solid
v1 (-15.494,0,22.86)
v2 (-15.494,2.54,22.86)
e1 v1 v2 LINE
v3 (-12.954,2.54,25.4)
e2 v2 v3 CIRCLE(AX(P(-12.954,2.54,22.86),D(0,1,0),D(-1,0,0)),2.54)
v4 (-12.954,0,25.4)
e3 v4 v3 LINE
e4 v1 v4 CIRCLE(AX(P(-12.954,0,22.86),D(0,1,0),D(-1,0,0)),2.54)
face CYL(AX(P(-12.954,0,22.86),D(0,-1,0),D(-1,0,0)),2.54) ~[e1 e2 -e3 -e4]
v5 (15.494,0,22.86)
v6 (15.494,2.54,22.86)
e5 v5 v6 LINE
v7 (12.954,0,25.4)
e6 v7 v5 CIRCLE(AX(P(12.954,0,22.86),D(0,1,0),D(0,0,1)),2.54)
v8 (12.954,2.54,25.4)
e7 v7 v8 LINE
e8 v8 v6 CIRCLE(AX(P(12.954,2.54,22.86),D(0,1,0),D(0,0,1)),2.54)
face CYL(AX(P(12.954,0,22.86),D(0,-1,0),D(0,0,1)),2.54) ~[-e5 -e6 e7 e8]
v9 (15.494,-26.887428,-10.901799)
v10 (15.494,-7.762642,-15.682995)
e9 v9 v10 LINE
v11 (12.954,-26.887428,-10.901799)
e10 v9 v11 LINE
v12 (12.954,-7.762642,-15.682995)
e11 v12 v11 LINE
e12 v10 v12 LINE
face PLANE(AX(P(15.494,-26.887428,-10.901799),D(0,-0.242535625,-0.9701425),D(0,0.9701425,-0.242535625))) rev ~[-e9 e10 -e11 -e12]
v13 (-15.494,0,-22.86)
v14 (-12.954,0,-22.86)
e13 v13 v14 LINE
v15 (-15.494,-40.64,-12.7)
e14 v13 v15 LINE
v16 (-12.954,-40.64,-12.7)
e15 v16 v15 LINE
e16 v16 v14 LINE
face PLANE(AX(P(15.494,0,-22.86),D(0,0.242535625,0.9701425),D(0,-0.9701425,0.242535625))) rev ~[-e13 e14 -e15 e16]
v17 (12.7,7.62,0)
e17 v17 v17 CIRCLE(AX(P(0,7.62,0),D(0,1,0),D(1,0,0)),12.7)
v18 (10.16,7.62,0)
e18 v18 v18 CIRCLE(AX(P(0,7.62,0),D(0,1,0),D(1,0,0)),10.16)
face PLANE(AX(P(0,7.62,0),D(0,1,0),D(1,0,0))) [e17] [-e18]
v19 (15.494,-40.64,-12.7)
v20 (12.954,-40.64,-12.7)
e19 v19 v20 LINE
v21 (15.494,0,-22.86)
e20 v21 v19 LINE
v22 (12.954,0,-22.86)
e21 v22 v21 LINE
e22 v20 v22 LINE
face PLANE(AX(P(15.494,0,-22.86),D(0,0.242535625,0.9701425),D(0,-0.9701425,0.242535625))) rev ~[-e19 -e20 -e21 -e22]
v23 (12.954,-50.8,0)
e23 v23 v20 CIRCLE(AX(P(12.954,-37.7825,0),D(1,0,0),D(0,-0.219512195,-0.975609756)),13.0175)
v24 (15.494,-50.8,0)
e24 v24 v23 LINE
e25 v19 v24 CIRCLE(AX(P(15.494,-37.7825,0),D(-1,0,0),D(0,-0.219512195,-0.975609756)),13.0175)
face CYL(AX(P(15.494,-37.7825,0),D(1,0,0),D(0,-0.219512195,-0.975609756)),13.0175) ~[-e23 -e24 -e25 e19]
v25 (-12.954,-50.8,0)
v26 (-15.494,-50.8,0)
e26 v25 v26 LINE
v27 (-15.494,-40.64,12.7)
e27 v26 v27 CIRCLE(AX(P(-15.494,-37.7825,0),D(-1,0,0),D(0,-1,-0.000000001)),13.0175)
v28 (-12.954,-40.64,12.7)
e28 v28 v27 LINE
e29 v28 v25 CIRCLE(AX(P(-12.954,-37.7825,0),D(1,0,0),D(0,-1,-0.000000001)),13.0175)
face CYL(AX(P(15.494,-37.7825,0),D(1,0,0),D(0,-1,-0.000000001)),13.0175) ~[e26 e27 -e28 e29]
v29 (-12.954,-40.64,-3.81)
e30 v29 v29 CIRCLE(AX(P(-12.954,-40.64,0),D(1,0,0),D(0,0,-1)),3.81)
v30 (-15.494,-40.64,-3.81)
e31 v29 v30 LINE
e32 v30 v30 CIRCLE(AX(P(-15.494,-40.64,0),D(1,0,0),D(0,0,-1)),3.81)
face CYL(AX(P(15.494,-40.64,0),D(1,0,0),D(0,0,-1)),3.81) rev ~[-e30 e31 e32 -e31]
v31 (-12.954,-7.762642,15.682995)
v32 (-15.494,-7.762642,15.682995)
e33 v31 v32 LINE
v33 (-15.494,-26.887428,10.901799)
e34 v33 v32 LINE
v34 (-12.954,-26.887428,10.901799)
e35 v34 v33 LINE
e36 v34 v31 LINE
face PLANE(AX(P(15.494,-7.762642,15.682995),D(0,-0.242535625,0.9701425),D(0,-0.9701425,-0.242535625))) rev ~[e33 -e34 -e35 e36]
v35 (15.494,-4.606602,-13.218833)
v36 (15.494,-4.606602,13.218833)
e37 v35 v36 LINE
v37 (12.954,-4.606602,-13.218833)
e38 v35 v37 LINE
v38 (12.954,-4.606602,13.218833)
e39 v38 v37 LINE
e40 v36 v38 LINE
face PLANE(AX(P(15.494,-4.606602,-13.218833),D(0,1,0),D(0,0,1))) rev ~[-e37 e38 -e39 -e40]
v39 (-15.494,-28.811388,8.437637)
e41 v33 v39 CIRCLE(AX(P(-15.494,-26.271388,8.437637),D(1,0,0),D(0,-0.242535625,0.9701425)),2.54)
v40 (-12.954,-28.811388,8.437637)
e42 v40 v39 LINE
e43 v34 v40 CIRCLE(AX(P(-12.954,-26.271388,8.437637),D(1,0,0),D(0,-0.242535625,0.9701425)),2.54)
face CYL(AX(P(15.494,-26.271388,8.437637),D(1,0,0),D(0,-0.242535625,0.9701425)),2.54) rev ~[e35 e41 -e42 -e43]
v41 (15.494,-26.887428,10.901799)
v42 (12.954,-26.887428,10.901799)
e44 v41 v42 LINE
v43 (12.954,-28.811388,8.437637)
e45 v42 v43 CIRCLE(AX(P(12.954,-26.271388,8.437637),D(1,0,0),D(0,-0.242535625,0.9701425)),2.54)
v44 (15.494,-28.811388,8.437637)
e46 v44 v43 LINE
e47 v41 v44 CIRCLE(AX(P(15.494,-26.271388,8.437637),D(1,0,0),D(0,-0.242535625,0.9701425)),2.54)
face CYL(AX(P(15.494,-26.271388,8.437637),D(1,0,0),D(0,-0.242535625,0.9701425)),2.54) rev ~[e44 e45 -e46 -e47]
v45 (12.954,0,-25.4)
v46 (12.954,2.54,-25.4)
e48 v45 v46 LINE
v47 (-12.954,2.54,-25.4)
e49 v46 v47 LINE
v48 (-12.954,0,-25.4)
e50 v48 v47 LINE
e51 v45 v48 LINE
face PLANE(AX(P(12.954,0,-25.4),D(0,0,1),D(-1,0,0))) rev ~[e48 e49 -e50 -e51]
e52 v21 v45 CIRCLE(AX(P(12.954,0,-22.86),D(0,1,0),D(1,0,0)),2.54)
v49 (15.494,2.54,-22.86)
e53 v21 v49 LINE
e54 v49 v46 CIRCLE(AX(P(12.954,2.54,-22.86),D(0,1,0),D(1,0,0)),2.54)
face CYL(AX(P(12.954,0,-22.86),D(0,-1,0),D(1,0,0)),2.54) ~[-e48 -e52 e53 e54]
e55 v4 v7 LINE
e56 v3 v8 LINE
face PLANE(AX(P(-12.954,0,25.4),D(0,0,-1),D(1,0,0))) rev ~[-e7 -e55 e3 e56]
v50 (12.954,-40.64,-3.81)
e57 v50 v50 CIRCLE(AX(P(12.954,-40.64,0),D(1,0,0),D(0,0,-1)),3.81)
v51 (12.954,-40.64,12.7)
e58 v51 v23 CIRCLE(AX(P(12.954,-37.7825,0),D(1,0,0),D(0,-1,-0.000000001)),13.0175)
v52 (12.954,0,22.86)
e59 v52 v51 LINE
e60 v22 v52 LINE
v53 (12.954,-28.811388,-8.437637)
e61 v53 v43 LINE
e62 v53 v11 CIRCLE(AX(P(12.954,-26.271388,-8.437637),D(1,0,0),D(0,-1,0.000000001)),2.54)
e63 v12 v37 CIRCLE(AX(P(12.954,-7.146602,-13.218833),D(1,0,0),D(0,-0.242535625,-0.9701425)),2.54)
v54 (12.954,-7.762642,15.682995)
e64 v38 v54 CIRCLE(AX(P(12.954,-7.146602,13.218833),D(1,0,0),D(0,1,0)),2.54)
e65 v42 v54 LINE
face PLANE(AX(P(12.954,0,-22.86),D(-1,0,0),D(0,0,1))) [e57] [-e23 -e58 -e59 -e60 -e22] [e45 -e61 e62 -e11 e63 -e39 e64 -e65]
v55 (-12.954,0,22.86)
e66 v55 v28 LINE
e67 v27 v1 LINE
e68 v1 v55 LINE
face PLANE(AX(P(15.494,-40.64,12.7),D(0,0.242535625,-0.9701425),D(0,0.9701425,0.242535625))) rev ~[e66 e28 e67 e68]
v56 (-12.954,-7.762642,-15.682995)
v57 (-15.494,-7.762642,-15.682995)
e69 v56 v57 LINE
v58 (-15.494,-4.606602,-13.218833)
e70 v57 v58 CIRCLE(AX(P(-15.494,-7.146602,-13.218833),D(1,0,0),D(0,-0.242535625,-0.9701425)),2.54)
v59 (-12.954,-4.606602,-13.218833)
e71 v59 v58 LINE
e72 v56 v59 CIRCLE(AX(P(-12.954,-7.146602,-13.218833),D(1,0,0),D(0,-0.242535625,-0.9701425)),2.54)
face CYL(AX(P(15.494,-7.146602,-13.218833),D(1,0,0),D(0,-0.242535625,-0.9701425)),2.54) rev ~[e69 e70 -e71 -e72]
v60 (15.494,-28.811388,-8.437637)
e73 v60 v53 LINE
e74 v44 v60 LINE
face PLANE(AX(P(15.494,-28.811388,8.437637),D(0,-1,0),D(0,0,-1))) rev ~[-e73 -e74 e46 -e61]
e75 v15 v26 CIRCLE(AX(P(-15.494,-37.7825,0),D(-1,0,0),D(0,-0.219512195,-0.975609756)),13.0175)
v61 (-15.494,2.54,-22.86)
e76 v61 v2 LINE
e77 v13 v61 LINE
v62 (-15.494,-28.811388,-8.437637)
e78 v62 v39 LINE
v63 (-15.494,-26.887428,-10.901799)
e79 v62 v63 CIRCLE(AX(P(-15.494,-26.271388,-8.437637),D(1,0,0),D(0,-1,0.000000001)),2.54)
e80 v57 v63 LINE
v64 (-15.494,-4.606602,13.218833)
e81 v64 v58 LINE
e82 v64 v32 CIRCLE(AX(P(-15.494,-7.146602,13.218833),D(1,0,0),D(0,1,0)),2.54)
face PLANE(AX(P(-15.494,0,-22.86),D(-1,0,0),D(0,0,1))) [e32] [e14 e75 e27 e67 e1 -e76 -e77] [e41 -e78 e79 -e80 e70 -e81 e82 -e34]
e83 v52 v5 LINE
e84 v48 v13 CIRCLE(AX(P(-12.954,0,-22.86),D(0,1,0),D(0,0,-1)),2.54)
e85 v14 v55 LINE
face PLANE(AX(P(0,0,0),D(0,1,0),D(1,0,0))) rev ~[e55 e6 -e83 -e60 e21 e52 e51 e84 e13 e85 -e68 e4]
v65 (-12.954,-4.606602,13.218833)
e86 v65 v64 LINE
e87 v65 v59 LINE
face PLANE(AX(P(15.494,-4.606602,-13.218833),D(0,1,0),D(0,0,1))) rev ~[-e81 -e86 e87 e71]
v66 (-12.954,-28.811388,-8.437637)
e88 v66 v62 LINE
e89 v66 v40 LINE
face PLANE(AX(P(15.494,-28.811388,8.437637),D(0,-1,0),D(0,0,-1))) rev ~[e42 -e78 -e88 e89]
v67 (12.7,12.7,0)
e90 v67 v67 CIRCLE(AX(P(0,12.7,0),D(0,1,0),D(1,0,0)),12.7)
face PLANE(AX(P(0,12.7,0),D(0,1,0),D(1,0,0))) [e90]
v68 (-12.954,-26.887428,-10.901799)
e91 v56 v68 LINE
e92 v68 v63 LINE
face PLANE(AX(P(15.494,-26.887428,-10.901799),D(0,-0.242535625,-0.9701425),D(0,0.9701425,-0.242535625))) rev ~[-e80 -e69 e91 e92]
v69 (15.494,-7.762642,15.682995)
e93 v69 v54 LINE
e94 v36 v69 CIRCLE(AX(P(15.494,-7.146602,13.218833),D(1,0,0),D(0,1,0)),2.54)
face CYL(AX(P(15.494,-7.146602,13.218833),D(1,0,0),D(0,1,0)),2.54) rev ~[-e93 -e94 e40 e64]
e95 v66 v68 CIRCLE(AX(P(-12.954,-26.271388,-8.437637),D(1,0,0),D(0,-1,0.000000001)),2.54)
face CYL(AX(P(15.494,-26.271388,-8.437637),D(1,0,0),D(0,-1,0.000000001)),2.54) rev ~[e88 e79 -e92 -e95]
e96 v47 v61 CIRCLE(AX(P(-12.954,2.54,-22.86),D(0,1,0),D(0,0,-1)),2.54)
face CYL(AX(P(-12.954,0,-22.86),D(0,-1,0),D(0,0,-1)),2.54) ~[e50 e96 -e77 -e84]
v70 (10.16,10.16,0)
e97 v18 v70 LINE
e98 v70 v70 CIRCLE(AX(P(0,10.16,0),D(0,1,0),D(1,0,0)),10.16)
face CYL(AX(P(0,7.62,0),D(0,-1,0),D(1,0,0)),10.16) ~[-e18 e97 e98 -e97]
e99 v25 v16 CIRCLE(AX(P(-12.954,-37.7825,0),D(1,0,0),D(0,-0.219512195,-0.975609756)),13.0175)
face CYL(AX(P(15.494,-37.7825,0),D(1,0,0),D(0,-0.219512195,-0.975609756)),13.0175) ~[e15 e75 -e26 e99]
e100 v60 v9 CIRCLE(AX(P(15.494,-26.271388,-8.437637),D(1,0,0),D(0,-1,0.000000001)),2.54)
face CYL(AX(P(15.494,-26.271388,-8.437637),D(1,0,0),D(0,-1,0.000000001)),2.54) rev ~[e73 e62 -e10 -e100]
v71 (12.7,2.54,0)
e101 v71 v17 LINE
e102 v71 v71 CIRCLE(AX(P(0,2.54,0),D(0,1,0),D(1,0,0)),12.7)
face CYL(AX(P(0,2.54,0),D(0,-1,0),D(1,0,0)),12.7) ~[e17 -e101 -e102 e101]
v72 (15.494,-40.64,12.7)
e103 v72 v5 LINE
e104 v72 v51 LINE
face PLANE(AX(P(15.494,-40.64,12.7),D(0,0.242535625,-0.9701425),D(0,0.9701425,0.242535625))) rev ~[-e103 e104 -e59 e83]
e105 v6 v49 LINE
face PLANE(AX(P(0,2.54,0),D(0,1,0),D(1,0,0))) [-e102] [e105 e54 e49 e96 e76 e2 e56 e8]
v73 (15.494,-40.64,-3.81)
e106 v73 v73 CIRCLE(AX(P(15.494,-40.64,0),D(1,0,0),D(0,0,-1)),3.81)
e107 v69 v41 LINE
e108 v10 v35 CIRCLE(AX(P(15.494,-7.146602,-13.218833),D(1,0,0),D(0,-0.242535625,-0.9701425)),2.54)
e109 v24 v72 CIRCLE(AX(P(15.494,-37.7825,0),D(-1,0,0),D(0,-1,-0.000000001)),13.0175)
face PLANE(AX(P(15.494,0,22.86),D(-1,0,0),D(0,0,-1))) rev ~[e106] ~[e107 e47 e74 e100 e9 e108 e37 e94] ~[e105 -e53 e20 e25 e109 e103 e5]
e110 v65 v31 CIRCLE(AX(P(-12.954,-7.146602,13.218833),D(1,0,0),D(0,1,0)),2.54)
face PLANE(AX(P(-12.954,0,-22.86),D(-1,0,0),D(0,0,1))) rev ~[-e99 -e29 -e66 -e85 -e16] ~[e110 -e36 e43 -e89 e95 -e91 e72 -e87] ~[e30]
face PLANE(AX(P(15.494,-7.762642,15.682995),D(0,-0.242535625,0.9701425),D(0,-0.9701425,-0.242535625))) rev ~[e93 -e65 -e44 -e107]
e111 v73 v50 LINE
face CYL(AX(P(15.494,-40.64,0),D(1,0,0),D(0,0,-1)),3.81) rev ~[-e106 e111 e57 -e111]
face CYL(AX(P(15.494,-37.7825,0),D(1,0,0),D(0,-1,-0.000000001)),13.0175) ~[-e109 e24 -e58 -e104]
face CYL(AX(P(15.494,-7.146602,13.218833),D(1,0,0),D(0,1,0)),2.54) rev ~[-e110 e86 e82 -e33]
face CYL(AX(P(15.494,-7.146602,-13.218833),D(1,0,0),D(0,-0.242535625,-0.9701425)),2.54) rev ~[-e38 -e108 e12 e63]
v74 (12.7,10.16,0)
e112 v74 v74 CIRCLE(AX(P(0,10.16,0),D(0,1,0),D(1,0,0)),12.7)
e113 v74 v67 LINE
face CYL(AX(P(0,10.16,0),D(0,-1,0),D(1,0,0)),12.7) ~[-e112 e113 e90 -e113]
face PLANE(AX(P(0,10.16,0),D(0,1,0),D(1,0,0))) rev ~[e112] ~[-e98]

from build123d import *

# Parameters (mm, degrees)
BOSS_EXTRUDE1_DEPTH = 2.54
SKETCH2_R           = 12.7
BOSS_EXTRUDE2_DEPTH = 5.08
SKETCH3_R           = 10.16
BOSS_EXTRUDE3_DEPTH = 2.54
SKETCH4_R           = 12.7
BOSS_EXTRUDE4_DEPTH = 2.54
SKETCH5_W           = 2.54
SKETCH5_H           = 45.72
BOSS_EXTRUDE5_DEPTH = 50.8
SKETCH6_R           = 3.81
CUT_EXTRUDE1_DEPTH  = 2.54
SKETCH6_3_R         = 3.81
CUT_EXTRUDE2_DEPTH  = 30.988
CUT_EXTRUDE3_DEPTH  = 31.988


with BuildPart() as part:
    # Sketch1 → Boss-Extrude1 (new body)
    with BuildSketch(Plane(origin=(0, 0, 0), x_dir=(1, 0, 0), z_dir=(0, 1, 0))):
        with BuildLine():
            Line((-12.954, -25.4), (12.954, -25.4))
            ThreePointArc((12.954, -25.4), (14.750051224, -24.656051224), (15.494, -22.86))
            Line((15.494, -22.86), (15.494, 22.86))
            ThreePointArc((15.494, 22.86), (14.750051224, 24.656051224), (12.954, 25.4))
            Line((12.954, 25.4), (-12.954, 25.4))
            ThreePointArc((-12.954, 25.4), (-14.750051224, 24.656051224), (-15.494, 22.86))
            Line((-15.494, 22.86), (-15.494, -22.86))
            ThreePointArc((-15.494, -22.86), (-14.750051224, -24.656051224), (-12.954, -25.4))
        make_face()
    extrude(amount=BOSS_EXTRUDE1_DEPTH)

    # Sketch2 → Boss-Extrude2 (add)
    with BuildSketch(Plane(origin=(0, 2.54, 0), x_dir=(1, 0, 0), z_dir=(0, 1, 0))):
        Circle(SKETCH2_R)
    extrude(amount=BOSS_EXTRUDE2_DEPTH)

    # Sketch3 → Boss-Extrude3 (add)
    with BuildSketch(Plane(origin=(0, 7.62, 0), x_dir=(1, 0, 0), z_dir=(0, 1, 0))):
        Circle(SKETCH3_R)
    extrude(amount=BOSS_EXTRUDE3_DEPTH)

    # Sketch4 → Boss-Extrude4 (add)
    with BuildSketch(Plane(origin=(0, 10.16, 0), x_dir=(1, 0, 0), z_dir=(0, 1, 0))):
        Circle(SKETCH4_R)
    extrude(amount=BOSS_EXTRUDE4_DEPTH)

    # Sketch5 → Boss-Extrude5 (add)
    with BuildSketch(Plane.XZ):
        with Locations((-14.224, 0)):
            Rectangle(SKETCH5_W, SKETCH5_H)
        with Locations((14.224, 0)):
            Rectangle(SKETCH5_W, SKETCH5_H)
    extrude(amount=BOSS_EXTRUDE5_DEPTH)

    # Sketch6 → Cut-Extrude1 (cut)
    with BuildSketch(Plane(origin=(15.494, 0, 0), x_dir=(0, 0, -1), z_dir=(1, 0, 0))):
        with Locations((0, -40.64)):
            Circle(SKETCH6_R)
    extrude(amount=-CUT_EXTRUDE1_DEPTH, mode=Mode.SUBTRACT)

    # Sketch6<3> → Cut-Extrude2 (cut)
    with BuildSketch(Plane(origin=(15.494, 0, 0), x_dir=(0, 0, -1), z_dir=(1, 0, 0))):
        with BuildLine():
            Line((-12.7, -40.64), (-22.86, 0))
            Line((-22.86, 0), (-22.86, -50.8))
            Line((-22.86, -50.8), (9e-09, -50.8))
            ThreePointArc((9e-09, -50.8), (-8.131967778, -47.94745973), (-12.7, -40.64))
        make_face()
        with BuildLine():
            ThreePointArc((12.7, -40.64), (8.131967785, -47.947459724), (9e-09, -50.8))
            Line((9e-09, -50.8), (22.86, -50.8))
            Line((22.86, -50.8), (22.86, 0))
            Line((22.86, 0), (12.7, -40.64))
        make_face()
        with Locations((0, -40.64)):
            Circle(SKETCH6_3_R)
    extrude(amount=-CUT_EXTRUDE2_DEPTH, mode=Mode.SUBTRACT)

    # Sketch7 → Cut-Extrude3 (cut, through all)
    with BuildSketch(Plane(origin=(15.494, 0, 0), x_dir=(0, 0, -1), z_dir=(1, 0, 0))):
        with BuildLine():
            Line((-15.682995336, -7.762642077), (-10.901798835, -26.887428081))
            ThreePointArc((-10.901798835, -26.887428081), (-10.000783897, -28.273429406), (-8.437636885, -28.811387593))
            Line((-8.437636885, -28.811387593), (8.437636885, -28.811387593))
            ThreePointArc((8.437636885, -28.811387593), (10.000783897, -28.273429406), (10.901798835, -26.887428081))
            Line((10.901798835, -26.887428081), (15.682995336, -7.762642077))
            ThreePointArc((15.682995336, -7.762642077), (15.220875198, -5.583454578), (13.218833386, -4.60660159))
            Line((13.218833386, -4.60660159), (-13.218833386, -4.60660159))
            ThreePointArc((-13.218833386, -4.60660159), (-15.220875198, -5.583454578), (-15.682995336, -7.762642077))
        make_face()
    extrude(amount=-CUT_EXTRUDE3_DEPTH, mode=Mode.SUBTRACT)


solid = part.part
